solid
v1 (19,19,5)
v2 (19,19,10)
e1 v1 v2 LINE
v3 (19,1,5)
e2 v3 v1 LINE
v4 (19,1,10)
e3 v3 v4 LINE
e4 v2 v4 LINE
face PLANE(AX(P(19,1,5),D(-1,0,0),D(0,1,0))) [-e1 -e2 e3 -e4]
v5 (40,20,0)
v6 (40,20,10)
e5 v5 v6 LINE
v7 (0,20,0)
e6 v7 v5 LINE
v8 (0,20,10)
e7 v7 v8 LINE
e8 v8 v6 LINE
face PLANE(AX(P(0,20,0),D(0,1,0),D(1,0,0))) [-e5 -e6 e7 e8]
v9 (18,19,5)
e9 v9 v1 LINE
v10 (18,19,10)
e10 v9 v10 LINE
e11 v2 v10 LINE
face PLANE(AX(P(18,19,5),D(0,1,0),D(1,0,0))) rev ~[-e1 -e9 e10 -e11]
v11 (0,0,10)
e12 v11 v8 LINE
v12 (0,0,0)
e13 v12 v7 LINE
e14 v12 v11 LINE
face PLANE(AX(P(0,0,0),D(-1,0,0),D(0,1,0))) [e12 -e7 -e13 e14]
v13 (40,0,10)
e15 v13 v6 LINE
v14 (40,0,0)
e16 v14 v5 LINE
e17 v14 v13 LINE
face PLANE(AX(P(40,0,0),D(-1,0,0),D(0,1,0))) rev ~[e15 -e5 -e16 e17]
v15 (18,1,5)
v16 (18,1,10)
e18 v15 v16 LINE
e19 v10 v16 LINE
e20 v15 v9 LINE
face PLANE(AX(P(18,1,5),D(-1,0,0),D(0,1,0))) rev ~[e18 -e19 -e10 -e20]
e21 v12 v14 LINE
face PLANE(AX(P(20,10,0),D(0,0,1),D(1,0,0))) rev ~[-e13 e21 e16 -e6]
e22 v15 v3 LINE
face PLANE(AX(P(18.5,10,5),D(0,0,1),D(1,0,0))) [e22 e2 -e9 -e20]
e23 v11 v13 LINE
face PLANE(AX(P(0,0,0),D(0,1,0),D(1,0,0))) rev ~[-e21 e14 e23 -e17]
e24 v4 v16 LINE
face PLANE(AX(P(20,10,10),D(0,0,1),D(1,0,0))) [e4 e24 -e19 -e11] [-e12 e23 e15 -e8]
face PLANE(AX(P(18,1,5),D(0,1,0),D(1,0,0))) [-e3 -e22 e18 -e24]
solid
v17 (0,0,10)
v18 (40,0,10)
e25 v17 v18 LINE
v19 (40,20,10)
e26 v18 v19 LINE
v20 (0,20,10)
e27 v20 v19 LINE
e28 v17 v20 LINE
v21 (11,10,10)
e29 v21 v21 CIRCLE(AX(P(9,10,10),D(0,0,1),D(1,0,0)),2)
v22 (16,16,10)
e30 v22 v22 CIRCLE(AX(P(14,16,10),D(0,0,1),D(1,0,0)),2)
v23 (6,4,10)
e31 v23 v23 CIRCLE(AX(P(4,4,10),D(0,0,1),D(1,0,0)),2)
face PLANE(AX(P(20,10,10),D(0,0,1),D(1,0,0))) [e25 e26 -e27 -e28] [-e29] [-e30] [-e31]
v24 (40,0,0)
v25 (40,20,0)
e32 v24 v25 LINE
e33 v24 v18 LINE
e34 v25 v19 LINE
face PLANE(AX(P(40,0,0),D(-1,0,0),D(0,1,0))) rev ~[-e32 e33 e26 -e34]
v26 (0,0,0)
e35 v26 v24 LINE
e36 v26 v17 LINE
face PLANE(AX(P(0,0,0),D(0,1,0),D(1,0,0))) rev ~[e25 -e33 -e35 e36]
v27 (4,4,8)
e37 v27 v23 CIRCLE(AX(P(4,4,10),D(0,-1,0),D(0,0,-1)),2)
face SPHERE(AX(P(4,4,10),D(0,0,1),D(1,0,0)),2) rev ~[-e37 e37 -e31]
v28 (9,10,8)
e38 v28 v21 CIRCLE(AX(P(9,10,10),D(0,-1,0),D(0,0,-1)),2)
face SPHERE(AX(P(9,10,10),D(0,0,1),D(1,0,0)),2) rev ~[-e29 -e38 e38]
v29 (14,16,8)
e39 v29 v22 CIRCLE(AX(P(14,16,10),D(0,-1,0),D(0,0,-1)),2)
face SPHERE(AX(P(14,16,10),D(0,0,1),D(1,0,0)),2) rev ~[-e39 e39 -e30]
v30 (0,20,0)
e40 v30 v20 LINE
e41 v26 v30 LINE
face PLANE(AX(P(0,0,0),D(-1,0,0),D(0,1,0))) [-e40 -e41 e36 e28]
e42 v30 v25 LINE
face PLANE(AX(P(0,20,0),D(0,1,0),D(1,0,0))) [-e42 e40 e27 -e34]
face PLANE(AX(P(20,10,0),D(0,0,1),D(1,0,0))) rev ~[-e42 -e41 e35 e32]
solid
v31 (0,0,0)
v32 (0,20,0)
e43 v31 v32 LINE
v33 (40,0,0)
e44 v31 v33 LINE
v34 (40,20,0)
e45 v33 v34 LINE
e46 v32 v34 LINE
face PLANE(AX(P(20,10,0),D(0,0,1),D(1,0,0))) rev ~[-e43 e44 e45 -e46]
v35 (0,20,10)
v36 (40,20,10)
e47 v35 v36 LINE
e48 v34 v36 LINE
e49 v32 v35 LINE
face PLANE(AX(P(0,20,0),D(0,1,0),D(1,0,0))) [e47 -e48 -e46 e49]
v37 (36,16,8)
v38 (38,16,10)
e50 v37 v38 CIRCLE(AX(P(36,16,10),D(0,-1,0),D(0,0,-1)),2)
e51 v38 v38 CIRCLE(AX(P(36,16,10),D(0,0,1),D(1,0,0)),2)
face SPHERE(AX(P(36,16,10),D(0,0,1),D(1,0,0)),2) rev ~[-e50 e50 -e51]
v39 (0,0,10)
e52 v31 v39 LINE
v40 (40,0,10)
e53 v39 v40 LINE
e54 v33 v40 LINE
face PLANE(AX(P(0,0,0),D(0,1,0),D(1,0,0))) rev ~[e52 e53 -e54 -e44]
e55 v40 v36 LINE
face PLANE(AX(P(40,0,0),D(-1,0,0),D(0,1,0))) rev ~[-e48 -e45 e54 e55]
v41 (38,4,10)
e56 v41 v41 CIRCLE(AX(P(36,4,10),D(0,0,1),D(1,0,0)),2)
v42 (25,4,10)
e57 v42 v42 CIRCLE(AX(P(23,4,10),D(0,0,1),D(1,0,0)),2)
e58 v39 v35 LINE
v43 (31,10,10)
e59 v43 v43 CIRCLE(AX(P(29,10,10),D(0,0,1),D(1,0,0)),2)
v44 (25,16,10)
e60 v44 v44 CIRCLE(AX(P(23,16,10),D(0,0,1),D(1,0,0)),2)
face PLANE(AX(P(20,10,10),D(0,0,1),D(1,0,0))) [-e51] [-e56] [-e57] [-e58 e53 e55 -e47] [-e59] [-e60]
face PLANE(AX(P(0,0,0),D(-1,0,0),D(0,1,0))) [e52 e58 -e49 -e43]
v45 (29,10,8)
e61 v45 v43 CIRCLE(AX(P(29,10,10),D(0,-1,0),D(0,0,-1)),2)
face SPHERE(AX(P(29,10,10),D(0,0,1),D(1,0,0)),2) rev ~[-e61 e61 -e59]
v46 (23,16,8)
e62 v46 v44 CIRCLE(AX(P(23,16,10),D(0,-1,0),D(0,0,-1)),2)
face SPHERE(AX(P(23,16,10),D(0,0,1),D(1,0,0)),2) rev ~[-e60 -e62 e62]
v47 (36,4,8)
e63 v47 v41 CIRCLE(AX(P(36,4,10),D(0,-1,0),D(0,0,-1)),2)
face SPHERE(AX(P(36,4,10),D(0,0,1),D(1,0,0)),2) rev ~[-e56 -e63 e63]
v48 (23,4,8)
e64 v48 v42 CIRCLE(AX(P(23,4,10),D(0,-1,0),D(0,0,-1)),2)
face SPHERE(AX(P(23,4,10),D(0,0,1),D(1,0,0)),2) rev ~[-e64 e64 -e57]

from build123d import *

# Parameters (mm, degrees)
BOX001_W     = 1
BOX001_H     = 18
BOX001_DEPTH = 6
BOX_W        = 40
BOX_H        = 20
BOX_DEPTH    = 10


with BuildPart() as cube001:
    # Box001 → Box001 (new body)
    with BuildSketch(Plane(origin=(18, 1, 5), x_dir=(1, 0, 0), z_dir=(0, 0, 1))):
        with Locations((0.5, 9)):
            Rectangle(BOX001_W, BOX001_H)
    extrude(amount=BOX001_DEPTH)


with BuildPart() as cube:
    # Box → Box (new body)
    with BuildSketch(Plane.XY):
        with Locations((20, 10)):
            Rectangle(BOX_W, BOX_H)
    extrude(amount=BOX_DEPTH)


with BuildPart() as cut:
    # Cut base: copy of Cube
    add(cube.part)

    # Cut: cut Cube001
    add(cube001.part, mode=Mode.SUBTRACT)


with BuildPart() as sphere004:
    # Sphere004 → Sphere004 (revolve)
    with BuildSketch(Plane(origin=(23, 4, 10), x_dir=(1, 0, 0), z_dir=(0, -1, 0))):
        with BuildLine():
            ThreePointArc((0, -2), (2, 0), (0, 2))
            Line((0, 2), (0, -2))
        make_face()
    revolve(axis=Axis((23, 4, 10), (0, 0, 1)))


with BuildPart() as sphere005:
    # Sphere005 → Sphere005 (revolve)
    with BuildSketch(Plane(origin=(36, 4, 10), x_dir=(1, 0, 0), z_dir=(0, -1, 0))):
        with BuildLine():
            ThreePointArc((0, -2), (2, 0), (0, 2))
            Line((0, 2), (0, -2))
        make_face()
    revolve(axis=Axis((36, 4, 10), (0, 0, 1)))


with BuildPart() as sphere006:
    # Sphere006 → Sphere006 (revolve)
    with BuildSketch(Plane(origin=(23, 16, 10), x_dir=(1, 0, 0), z_dir=(0, -1, 0))):
        with BuildLine():
            ThreePointArc((0, -2), (2, 0), (0, 2))
            Line((0, 2), (0, -2))
        make_face()
    revolve(axis=Axis((23, 16, 10), (0, 0, 1)))


with BuildPart() as sphere007:
    # Sphere007 → Sphere007 (revolve)
    with BuildSketch(Plane(origin=(36, 16, 10), x_dir=(1, 0, 0), z_dir=(0, -1, 0))):
        with BuildLine():
            ThreePointArc((0, -2), (2, 0), (0, 2))
            Line((0, 2), (0, -2))
        make_face()
    revolve(axis=Axis((36, 16, 10), (0, 0, 1)))


with BuildPart() as fusion001:
    # Sphere003 → Sphere003 (revolve)
    with BuildSketch(Plane(origin=(29, 10, 10), x_dir=(1, 0, 0), z_dir=(0, -1, 0))):
        with BuildLine():
            ThreePointArc((0, -2), (2, 0), (0, 2))
            Line((0, 2), (0, -2))
        make_face()
    revolve(axis=Axis((29, 10, 10), (0, 0, 1)))

    # Fusion001: union Sphere004, Sphere005, Sphere006, Sphere007
    add(sphere004.part)
    add(sphere005.part)
    add(sphere006.part)
    add(sphere007.part)


with BuildPart() as cut001:
    # Cut001 base: copy of Cube
    add(cube.part)

    # Cut001: cut Fusion001
    add(fusion001.part, mode=Mode.SUBTRACT)


with BuildPart() as sphere001:
    # Sphere001 → Sphere001 (revolve)
    with BuildSketch(Plane(origin=(9, 10, 10), x_dir=(1, 0, 0), z_dir=(0, -1, 0))):
        with BuildLine():
            ThreePointArc((0, -2), (2, 0), (0, 2))
            Line((0, 2), (0, -2))
        make_face()
    revolve(axis=Axis((9, 10, 10), (0, 0, 1)))


with BuildPart() as sphere:
    # Sphere → Sphere (revolve)
    with BuildSketch(Plane(origin=(4, 4, 10), x_dir=(1, 0, 0), z_dir=(0, -1, 0))):
        with BuildLine():
            ThreePointArc((0, -2), (2, 0), (0, 2))
            Line((0, 2), (0, -2))
        make_face()
    revolve(axis=Axis((4, 4, 10), (0, 0, 1)))


with BuildPart() as fusion:
    # Sphere002 → Sphere002 (revolve)
    with BuildSketch(Plane(origin=(14, 16, 10), x_dir=(1, 0, 0), z_dir=(0, -1, 0))):
        with BuildLine():
            ThreePointArc((0, -2), (2, 0), (0, 2))
            Line((0, 2), (0, -2))
        make_face()
    revolve(axis=Axis((14, 16, 10), (0, 0, 1)))

    # Fusion: union Sphere001, Sphere
    add(sphere001.part)
    add(sphere.part)


with BuildPart() as cut002:
    # Cut002 base: copy of Cube
    add(cube.part)

    # Cut002: cut Fusion
    add(fusion.part, mode=Mode.SUBTRACT)


solid = Compound([cut.part, cut001.part, cut002.part])
